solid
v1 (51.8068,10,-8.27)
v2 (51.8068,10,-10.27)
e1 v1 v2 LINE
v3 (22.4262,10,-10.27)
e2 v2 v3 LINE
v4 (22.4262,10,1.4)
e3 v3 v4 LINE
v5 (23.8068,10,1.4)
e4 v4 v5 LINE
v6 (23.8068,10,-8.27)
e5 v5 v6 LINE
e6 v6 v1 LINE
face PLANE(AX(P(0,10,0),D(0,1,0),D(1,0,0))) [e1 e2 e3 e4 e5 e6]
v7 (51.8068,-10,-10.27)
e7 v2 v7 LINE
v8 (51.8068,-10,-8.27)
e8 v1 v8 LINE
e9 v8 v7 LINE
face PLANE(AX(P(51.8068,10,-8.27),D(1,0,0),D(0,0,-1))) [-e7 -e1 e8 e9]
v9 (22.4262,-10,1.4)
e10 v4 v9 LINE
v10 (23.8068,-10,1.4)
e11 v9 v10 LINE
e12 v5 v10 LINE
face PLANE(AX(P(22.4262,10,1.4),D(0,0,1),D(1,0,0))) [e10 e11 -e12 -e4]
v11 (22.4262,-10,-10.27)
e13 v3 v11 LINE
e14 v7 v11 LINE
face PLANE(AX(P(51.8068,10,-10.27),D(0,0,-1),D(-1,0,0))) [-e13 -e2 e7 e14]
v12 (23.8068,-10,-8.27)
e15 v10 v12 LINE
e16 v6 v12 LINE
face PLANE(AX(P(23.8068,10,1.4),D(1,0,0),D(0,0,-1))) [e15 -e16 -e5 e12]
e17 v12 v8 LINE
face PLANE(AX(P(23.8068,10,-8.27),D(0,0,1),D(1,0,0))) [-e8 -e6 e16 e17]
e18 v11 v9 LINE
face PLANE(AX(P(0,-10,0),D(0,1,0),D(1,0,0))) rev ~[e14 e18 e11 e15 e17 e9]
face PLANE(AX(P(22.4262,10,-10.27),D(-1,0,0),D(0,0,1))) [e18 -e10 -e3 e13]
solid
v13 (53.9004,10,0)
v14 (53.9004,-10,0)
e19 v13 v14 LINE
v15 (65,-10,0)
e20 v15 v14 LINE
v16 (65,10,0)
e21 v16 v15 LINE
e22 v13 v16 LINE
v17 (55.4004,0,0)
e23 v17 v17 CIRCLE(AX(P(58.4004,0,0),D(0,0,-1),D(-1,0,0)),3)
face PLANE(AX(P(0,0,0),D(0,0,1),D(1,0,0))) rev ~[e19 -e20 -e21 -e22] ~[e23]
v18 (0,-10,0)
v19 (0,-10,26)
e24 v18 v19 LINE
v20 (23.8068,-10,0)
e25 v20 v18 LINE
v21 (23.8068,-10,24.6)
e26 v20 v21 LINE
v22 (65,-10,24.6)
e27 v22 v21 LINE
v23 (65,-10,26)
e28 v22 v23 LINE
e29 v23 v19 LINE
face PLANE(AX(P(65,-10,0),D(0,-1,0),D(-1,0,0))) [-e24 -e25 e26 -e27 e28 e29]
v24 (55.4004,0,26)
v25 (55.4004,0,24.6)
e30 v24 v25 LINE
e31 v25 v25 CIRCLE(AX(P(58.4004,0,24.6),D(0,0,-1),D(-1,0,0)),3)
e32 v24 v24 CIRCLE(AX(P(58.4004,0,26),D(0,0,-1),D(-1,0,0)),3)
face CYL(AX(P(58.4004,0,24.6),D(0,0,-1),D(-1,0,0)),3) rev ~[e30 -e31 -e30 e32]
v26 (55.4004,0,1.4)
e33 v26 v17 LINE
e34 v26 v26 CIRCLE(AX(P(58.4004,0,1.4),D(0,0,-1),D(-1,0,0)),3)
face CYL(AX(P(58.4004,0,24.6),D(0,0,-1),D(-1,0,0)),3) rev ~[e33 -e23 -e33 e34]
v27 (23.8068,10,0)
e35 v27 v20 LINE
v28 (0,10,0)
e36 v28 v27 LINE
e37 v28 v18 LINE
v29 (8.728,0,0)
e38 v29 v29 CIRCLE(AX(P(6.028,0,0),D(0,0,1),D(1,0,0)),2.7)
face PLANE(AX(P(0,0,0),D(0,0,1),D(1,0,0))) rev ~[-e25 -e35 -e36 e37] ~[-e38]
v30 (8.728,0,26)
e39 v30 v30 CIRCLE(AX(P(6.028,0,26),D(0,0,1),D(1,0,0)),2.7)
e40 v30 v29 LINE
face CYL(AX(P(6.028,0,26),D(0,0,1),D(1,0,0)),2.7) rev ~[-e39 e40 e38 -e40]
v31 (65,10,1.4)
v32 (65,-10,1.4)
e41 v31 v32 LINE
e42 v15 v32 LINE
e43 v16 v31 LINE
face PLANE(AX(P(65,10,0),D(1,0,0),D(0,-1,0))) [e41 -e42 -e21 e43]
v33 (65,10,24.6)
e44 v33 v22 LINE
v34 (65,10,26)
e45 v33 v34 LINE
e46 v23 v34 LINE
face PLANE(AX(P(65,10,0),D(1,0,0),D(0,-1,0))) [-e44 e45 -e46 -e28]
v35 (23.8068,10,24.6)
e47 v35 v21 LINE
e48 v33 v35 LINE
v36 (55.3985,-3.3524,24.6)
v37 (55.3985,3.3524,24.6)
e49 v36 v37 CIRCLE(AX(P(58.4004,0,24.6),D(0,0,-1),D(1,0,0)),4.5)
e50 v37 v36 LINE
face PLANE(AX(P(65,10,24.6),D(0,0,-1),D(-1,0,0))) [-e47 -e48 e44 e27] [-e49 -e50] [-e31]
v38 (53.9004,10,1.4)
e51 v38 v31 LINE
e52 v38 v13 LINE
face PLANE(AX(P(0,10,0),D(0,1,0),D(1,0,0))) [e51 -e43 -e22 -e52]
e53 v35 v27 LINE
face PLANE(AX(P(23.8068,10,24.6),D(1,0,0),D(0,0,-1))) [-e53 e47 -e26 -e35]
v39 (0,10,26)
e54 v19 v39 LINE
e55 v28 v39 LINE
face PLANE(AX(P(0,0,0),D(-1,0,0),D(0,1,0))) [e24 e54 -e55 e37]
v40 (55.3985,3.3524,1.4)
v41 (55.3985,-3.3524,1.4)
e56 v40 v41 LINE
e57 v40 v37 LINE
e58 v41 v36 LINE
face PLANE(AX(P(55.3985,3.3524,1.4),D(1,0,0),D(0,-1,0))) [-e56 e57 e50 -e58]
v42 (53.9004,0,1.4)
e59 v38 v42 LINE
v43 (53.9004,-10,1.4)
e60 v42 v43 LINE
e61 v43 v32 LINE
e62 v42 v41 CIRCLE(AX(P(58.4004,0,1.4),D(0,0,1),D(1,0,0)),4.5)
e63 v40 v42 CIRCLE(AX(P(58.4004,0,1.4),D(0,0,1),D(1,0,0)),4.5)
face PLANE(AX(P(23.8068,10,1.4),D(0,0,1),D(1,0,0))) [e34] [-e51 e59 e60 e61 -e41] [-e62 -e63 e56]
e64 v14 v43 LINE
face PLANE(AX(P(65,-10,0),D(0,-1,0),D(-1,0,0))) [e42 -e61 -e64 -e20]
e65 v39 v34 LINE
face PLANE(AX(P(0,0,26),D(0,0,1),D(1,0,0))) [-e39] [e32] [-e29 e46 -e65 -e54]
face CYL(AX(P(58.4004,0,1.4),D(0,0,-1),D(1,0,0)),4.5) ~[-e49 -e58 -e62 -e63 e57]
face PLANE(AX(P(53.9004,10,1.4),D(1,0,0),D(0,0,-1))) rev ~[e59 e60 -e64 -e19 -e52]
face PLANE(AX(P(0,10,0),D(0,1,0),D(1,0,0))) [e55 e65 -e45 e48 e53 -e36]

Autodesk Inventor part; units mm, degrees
ref_plane "YZ Plane" through (0, 0, 0) normal (1, 0, 0) x (0, 1, 0)
ref_plane "XZ Plane" through (0, 0, 0) normal (0, 1, 0) x (-1, 0, 0)
ref_plane "XY Plane" through (0, 0, 0) normal (0, 0, 1) x (1, 0, 0)
sketch "Sketch1" plane through (0, 0, 0) normal (0, 0, 1) x (1, 0, 0)
  line L0 (0, 0) -> (65, 0)
  line L1 (0, 0) -> (0, 10)
  line L2 (0, 10) -> (65, 10)
  line L3 (65, 10) -> (65, -10)
  line L4 (65, -10) -> (0, -10)
  line L5 (0, -10) -> (0, 0)
  dimension "d0" = 65
  dimension "d1" = 10
  dimension "d2" = 65
  dimension "d3" = 20
extrude "Extrusion1" add sketch "Sketch1" along normal blind 26
sketch "Sketch2" plane through (0, 0, 26) normal (0, 0, 1) x (1, 0, 0)
  circle A0 centre (6.028, 0) radius 2.7
  circle A1 centre (58.4004, 0) radius 2.7
  point P0 (0, 0)
  dimension "d6" = 5.4
  dimension "d7" = 5.4
extrude "Extrusion2" cut sketch "Sketch2" against normal blind 26
sketch "Sketch3" plane through (0, 10, 0) normal (0, 1, 0) x (1, 0, 0)
  line L0 (65, 0) -> (65, -26) projected
  line L1 (65, -13) -> (65, -1.4)
  line L2 (65, -1.4) -> (65, -24.6)
  line L3 (65, -24.6) -> (23.8068, -24.6)
  line L4 (23.8068, -24.6) -> (23.8068, -1.4)
  line L5 (23.8068, -1.4) -> (65, -1.4)
  point P0 (0, 0)
  dimension "d10" = 11.6
  dimension "d11" = 23.2
extrude "Extrusion3" cut sketch "Sketch3" against normal blind 20
sketch "Sketch4" plane through (0, -10, 0) normal (0, -1, 0) x (1, 0, 0)
  point P0 (0, 0)
sketch "Sketch8" plane through (65, 10, 24.6) normal (0, 0, -1) x (-1, 0, 0)
  circle A0 centre (6.5996, -10) radius 2.7 projected
  circle A1 centre (6.5996, -10) radius 3
  circle A2 centre (6.5996, -10) radius 3
  point P0 (65, -10)
  dimension "d22" = 6
  dimension "d23" = 6
extrude "Extrusion7" cut sketch "Sketch8" along normal mid plane 60 contours A0 | A1
sketch "Sketch9" plane through (0, 10, 0) normal (0, 1, 0) x (1, 0, 0)
  line L0 (65, -1.4) -> (23.8068, -1.4) projected
  line L1 (23.8068, -1.4) -> (23.8068, 8.27)
  line L2 (23.8068, 8.27) -> (51.8068, 8.27)
  line L3 (51.8068, 8.27) -> (51.8068, 10.27)
  line L4 (51.8068, 10.27) -> (22.4262, 10.27)
  line L5 (22.4262, 10.27) -> (22.4262, -1.4)
  line L6 (22.4262, -1.4) -> (23.8068, -1.4)
  point P0 (0, 0)
  dimension "d26" = 9.67
  dimension "d27" = 28
  dimension "d28" = 2
extrude "Extrusion8" add sketch "Sketch9" against normal blind 20 separate body
sketch "Sketch10" plane through (23.8068, 10, 1.4) normal (0, 0, 1) x (1, 0, 0)
  circle A0 centre (34.5936, -10) radius 3 projected
  circle A1 centre (34.5936, -10) radius 4.5
  circle A2 centre (34.5936, -10) radius 3 projected
  circle A3 centre (34.5936, -10) radius 3
  line L0 (31.5917, -6.6476) -> (31.5917, -13.3524)
  line L1 (28, 0) -> (28, -20) projected
  point P0 (-23.8068, -10)
  dimension "d31" = 9
extrude "Extrusion9" add sketch "Sketch10" along normal blind 23.75 contours L0 A1 picked at (31.1031, -9.8203) bodies 1
sketch "Sketch11" plane through (0, 10, 0) normal (0, 1, 0) x (1, 0, 0)
  line L0 (65, -1.4) -> (23.8068, -1.4) projected
  line L1 (23.8068, -1.4) -> (53.9004, -1.4)
  line L2 (53.9004, -1.4) -> (53.9004, 0)
  line L3 (53.9004, 0) -> (23.8068, 0)
  line L4 (23.8068, 0) -> (23.8068, -1.4)
  point P0 (0, 0)
extrude "Extrusion10" cut sketch "Sketch11" against normal blind 23.75 bodies 1
properties part number "finge"
